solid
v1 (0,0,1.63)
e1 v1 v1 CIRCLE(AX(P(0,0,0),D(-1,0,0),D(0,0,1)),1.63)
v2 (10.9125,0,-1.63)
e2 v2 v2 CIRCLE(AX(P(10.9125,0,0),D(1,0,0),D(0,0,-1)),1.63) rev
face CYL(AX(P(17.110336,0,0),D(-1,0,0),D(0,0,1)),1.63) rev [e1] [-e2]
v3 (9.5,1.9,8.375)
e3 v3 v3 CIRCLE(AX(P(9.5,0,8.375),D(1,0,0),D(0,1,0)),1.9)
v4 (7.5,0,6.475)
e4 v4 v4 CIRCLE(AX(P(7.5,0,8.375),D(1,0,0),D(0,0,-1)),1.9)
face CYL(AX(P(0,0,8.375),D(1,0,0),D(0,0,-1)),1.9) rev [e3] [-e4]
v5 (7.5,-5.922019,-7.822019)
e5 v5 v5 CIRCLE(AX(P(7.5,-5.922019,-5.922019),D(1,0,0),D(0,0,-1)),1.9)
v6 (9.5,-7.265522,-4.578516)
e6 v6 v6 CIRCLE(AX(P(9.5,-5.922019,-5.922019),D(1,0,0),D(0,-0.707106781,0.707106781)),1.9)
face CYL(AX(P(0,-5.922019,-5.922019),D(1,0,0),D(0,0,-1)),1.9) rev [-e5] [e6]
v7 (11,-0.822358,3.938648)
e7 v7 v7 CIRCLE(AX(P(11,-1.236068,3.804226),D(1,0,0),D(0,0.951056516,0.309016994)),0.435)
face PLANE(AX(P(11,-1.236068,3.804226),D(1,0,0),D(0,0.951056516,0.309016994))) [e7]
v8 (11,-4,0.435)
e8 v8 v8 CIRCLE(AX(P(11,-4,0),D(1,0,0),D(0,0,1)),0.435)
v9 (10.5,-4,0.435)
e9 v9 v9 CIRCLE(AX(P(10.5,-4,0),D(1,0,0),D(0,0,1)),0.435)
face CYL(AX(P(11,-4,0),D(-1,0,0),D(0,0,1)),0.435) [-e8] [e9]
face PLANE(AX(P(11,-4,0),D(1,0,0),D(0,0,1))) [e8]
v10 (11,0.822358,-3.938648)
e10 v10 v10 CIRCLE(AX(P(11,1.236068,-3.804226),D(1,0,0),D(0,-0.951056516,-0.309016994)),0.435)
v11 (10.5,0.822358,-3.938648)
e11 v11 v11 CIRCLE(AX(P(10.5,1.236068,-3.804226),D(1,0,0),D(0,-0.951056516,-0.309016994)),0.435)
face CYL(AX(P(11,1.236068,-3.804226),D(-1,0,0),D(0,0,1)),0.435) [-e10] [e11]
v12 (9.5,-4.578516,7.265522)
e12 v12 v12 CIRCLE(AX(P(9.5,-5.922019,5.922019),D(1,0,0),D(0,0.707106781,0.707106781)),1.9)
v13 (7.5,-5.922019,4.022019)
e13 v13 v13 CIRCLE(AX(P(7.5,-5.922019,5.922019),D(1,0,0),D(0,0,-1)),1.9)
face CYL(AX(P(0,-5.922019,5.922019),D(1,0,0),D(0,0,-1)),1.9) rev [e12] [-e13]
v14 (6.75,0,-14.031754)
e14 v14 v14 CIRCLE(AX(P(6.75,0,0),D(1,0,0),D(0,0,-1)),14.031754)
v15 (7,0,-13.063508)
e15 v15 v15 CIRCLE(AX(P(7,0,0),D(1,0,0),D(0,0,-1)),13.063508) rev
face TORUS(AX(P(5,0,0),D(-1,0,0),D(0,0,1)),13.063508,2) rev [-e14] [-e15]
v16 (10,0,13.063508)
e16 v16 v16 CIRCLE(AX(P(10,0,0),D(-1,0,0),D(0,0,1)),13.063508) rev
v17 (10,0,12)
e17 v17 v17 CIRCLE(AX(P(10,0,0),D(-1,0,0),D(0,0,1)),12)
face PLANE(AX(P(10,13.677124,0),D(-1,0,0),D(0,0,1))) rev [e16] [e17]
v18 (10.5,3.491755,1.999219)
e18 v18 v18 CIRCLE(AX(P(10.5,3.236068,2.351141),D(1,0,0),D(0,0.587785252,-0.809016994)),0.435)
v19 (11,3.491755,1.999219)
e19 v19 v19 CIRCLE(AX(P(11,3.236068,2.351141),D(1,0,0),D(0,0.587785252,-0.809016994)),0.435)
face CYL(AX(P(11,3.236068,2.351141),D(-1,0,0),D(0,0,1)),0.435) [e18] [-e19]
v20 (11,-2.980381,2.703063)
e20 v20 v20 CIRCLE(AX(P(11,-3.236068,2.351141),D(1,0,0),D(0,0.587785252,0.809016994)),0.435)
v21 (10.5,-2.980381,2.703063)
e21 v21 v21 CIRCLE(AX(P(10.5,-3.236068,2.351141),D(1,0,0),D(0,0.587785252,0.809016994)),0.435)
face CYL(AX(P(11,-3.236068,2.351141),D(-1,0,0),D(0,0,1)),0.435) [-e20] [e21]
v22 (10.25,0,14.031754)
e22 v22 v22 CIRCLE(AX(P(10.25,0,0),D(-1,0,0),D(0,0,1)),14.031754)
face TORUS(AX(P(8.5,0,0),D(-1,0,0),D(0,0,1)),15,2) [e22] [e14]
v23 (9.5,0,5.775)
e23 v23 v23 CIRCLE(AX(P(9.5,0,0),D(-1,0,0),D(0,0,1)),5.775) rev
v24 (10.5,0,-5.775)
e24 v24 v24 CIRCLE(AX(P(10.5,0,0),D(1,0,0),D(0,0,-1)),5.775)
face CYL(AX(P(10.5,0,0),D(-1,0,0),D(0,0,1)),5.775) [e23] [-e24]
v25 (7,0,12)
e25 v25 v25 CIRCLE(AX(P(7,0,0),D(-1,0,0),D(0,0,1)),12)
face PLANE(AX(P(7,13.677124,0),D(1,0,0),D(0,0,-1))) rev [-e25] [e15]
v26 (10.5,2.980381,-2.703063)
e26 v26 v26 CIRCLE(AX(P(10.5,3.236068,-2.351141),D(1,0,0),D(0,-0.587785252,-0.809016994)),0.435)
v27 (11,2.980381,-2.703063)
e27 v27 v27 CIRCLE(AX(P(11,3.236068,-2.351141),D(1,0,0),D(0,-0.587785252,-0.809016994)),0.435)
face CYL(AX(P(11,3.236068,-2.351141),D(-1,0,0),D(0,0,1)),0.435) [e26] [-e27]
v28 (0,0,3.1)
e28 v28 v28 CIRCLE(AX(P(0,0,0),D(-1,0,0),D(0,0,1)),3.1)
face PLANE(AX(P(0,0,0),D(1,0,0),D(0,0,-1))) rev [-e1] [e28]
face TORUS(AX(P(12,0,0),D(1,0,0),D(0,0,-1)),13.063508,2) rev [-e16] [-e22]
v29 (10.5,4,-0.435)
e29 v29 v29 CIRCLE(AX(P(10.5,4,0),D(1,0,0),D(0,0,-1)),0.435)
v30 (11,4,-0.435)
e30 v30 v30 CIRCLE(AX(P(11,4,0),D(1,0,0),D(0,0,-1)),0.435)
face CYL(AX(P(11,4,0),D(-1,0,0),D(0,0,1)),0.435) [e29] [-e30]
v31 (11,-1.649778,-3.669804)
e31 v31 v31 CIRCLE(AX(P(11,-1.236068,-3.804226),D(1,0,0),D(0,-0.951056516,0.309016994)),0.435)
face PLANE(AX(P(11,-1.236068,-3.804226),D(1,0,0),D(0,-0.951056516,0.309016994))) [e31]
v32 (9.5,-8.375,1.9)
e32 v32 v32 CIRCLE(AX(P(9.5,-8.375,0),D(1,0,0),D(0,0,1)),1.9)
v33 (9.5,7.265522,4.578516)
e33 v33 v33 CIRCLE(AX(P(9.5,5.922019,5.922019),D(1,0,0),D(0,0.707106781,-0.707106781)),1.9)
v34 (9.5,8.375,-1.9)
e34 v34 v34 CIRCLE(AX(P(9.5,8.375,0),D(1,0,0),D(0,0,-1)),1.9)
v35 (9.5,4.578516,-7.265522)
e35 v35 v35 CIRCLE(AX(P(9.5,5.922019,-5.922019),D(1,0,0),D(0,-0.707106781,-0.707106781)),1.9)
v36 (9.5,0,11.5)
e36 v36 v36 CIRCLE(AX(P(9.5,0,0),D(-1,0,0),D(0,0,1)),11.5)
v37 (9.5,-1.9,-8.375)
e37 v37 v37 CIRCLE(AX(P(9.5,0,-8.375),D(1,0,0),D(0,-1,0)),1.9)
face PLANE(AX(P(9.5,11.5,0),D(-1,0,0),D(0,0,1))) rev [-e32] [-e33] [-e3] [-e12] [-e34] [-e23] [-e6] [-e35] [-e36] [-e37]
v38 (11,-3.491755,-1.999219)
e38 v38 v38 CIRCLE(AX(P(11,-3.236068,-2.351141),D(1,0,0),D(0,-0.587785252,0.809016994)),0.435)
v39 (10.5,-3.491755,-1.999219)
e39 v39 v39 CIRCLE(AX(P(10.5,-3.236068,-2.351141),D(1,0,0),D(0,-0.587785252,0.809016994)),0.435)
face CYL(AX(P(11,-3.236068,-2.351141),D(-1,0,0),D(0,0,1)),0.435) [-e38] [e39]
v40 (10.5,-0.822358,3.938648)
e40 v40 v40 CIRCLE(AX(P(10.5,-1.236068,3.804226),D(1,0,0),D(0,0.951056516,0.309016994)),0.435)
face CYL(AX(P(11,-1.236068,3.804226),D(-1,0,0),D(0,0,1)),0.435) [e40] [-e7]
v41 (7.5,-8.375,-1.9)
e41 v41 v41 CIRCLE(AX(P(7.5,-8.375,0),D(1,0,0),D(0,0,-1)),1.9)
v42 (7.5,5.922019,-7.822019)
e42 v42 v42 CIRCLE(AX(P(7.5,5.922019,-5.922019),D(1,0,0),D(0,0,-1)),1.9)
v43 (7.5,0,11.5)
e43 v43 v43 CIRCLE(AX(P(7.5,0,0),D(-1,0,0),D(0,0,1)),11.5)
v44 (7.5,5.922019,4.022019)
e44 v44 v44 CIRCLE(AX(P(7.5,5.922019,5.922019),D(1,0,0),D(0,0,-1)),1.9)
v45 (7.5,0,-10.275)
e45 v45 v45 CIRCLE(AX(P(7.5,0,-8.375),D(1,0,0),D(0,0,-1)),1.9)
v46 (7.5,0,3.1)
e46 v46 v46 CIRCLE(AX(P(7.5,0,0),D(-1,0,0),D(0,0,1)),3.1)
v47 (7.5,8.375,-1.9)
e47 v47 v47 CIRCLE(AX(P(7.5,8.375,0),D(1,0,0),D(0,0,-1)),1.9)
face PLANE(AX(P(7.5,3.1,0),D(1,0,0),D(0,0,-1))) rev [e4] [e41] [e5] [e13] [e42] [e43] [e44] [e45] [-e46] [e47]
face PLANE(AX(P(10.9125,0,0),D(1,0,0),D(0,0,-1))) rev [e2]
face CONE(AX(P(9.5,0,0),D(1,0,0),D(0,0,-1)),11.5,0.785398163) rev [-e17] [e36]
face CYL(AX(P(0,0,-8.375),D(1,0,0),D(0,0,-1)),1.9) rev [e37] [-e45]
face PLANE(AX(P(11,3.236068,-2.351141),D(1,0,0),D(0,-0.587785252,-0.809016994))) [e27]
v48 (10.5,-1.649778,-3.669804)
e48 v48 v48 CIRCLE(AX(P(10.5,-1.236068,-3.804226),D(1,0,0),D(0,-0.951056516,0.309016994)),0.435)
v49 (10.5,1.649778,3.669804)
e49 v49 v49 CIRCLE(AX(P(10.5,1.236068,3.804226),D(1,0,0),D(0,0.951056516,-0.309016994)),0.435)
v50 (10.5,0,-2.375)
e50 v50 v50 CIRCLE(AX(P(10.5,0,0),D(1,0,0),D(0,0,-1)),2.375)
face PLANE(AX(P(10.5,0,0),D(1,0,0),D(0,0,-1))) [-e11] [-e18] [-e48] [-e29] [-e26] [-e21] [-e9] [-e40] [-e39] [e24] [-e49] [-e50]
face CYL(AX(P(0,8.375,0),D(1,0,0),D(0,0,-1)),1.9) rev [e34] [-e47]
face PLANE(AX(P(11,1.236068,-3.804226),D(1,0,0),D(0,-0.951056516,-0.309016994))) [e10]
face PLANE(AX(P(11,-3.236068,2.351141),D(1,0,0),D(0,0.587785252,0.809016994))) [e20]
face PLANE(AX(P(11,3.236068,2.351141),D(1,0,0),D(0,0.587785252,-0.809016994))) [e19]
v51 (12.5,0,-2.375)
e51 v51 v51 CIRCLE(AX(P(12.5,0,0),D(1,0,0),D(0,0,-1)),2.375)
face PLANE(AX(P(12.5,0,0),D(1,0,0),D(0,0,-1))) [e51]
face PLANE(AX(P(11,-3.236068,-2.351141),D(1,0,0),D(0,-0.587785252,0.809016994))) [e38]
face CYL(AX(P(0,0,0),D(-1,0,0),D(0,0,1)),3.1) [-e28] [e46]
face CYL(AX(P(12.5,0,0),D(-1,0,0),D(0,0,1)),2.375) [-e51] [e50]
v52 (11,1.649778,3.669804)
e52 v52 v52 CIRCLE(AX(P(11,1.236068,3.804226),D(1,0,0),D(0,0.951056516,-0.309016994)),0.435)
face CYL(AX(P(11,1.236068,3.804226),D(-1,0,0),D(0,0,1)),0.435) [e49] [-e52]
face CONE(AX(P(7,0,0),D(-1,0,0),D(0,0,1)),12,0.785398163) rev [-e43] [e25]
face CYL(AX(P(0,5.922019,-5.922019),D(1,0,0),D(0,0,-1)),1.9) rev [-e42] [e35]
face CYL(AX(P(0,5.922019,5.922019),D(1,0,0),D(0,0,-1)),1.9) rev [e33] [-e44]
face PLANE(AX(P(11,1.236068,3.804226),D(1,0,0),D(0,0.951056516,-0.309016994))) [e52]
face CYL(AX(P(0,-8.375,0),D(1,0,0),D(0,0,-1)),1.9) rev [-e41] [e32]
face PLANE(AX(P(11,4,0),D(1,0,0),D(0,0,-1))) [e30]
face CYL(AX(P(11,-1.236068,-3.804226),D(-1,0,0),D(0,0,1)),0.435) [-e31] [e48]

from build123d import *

# Parameters (mm, degrees)
FILLET1_R          = 2
SKETCH2_R          = 5.775
EXTRUDE1_DEPTH     = 1
SKETCH3_R          = 2.375
EXTRUDE2_DEPTH     = 2
SKETCH4_R          = 0.435
EXTRUDE3_DEPTH     = 0.5
CIRPATTERN1_COUNT  = 10
SKETCH5_R          = 1.9
CUT_EXTRUDE1_DEPTH = 26.850532041
CIRPATTERN2_COUNT  = 8
SKETCH6_R          = 1.63
CUT_EXTRUDE2_DEPTH = 10.9125


with BuildPart() as part:
    # Sketch1 → Revolve1 (revolve)
    with BuildSketch(Plane.XY, mode=Mode.PRIVATE) as revolve1_sk:
        with BuildLine():
            Line((9.5, 0), (0, 0))
            Line((0, 0), (0, 3.1))
            Line((0, 3.1), (7.5, 3.1))
            Line((7.5, 3.1), (7.5, 11.5))
            Line((7.5, 11.5), (7, 12))
            Line((7, 12), (7, 13.677124344))
            ThreePointArc((7, 13.677124344), (8.5, 17), (10, 13.677124344))
            Line((10, 13.677124344), (10, 12))
            Line((10, 12), (9.5, 11.5))
            Line((9.5, 11.5), (9.5, 0))
        make_face()
    revolve(revolve1_sk.sketch.rotate(Axis((0, 0, 0), (1, 0, 0)), 90), axis=Axis((0, 0, 0), (1, 0, 0)))

    # Fillet1
    fillet1_edges = [part.edges().sort_by_distance(p)[0] for p in [
        (7, 0, -13.677124344),
        (10, 0, -13.677124344),
    ]]
    fillet(fillet1_edges, radius=FILLET1_R)

    # Sketch2 → Extrude1 (add)
    with BuildSketch(Plane(origin=(9.5, 0, 0), x_dir=(0, 0, -1), z_dir=(1, 0, 0))):
        with Locations(Location((0, 0, 0), (0, 0, 180))):
            Circle(SKETCH2_R)
    extrude(amount=EXTRUDE1_DEPTH)

    # Sketch3 → Extrude2 (add)
    with BuildSketch(Plane(origin=(10.5, 0, 0), x_dir=(0, 0, -1), z_dir=(1, 0, 0))):
        Circle(SKETCH3_R)
    extrude(amount=EXTRUDE2_DEPTH)

    # Sketch4 → Extrude3 (add)
    with BuildSketch(Plane(origin=(10.5, 0, 0), x_dir=(0, 0, -1), z_dir=(1, 0, 0))):
        with Locations((0, 4)):
            Circle(SKETCH4_R)
    extrude3 = extrude(amount=EXTRUDE3_DEPTH)

    # CirPattern1: Extrude3 ×10 about axis
    cirpattern1_axis = Axis((0, 0, 0), (1, 0, 0))
    for i in range(1, CIRPATTERN1_COUNT):
        add(extrude3.rotate(cirpattern1_axis, i * 360 / CIRPATTERN1_COUNT))

    # Sketch5 → Cut-Extrude1 (cut, through all)
    with BuildSketch(Plane(origin=(9.5, 0, 0), x_dir=(0, 0, -1), z_dir=(1, 0, 0))):
        with Locations((0, 8.375)):
            Circle(SKETCH5_R)
    cut_extrude1 = extrude(amount=-CUT_EXTRUDE1_DEPTH, mode=Mode.SUBTRACT)

    # CirPattern2: Cut-Extrude1 ×8 about axis
    cirpattern2_axis = Axis((0, 0, 0), (1, 0, 0))
    for i in range(1, CIRPATTERN2_COUNT):
        add(cut_extrude1.rotate(cirpattern2_axis, i * 360 / CIRPATTERN2_COUNT), mode=Mode.SUBTRACT)

    # Sketch6 → Cut-Extrude2 (cut)
    with BuildSketch(Plane.ZY):
        Circle(SKETCH6_R)
    extrude(amount=-CUT_EXTRUDE2_DEPTH, mode=Mode.SUBTRACT)


solid = part.part
